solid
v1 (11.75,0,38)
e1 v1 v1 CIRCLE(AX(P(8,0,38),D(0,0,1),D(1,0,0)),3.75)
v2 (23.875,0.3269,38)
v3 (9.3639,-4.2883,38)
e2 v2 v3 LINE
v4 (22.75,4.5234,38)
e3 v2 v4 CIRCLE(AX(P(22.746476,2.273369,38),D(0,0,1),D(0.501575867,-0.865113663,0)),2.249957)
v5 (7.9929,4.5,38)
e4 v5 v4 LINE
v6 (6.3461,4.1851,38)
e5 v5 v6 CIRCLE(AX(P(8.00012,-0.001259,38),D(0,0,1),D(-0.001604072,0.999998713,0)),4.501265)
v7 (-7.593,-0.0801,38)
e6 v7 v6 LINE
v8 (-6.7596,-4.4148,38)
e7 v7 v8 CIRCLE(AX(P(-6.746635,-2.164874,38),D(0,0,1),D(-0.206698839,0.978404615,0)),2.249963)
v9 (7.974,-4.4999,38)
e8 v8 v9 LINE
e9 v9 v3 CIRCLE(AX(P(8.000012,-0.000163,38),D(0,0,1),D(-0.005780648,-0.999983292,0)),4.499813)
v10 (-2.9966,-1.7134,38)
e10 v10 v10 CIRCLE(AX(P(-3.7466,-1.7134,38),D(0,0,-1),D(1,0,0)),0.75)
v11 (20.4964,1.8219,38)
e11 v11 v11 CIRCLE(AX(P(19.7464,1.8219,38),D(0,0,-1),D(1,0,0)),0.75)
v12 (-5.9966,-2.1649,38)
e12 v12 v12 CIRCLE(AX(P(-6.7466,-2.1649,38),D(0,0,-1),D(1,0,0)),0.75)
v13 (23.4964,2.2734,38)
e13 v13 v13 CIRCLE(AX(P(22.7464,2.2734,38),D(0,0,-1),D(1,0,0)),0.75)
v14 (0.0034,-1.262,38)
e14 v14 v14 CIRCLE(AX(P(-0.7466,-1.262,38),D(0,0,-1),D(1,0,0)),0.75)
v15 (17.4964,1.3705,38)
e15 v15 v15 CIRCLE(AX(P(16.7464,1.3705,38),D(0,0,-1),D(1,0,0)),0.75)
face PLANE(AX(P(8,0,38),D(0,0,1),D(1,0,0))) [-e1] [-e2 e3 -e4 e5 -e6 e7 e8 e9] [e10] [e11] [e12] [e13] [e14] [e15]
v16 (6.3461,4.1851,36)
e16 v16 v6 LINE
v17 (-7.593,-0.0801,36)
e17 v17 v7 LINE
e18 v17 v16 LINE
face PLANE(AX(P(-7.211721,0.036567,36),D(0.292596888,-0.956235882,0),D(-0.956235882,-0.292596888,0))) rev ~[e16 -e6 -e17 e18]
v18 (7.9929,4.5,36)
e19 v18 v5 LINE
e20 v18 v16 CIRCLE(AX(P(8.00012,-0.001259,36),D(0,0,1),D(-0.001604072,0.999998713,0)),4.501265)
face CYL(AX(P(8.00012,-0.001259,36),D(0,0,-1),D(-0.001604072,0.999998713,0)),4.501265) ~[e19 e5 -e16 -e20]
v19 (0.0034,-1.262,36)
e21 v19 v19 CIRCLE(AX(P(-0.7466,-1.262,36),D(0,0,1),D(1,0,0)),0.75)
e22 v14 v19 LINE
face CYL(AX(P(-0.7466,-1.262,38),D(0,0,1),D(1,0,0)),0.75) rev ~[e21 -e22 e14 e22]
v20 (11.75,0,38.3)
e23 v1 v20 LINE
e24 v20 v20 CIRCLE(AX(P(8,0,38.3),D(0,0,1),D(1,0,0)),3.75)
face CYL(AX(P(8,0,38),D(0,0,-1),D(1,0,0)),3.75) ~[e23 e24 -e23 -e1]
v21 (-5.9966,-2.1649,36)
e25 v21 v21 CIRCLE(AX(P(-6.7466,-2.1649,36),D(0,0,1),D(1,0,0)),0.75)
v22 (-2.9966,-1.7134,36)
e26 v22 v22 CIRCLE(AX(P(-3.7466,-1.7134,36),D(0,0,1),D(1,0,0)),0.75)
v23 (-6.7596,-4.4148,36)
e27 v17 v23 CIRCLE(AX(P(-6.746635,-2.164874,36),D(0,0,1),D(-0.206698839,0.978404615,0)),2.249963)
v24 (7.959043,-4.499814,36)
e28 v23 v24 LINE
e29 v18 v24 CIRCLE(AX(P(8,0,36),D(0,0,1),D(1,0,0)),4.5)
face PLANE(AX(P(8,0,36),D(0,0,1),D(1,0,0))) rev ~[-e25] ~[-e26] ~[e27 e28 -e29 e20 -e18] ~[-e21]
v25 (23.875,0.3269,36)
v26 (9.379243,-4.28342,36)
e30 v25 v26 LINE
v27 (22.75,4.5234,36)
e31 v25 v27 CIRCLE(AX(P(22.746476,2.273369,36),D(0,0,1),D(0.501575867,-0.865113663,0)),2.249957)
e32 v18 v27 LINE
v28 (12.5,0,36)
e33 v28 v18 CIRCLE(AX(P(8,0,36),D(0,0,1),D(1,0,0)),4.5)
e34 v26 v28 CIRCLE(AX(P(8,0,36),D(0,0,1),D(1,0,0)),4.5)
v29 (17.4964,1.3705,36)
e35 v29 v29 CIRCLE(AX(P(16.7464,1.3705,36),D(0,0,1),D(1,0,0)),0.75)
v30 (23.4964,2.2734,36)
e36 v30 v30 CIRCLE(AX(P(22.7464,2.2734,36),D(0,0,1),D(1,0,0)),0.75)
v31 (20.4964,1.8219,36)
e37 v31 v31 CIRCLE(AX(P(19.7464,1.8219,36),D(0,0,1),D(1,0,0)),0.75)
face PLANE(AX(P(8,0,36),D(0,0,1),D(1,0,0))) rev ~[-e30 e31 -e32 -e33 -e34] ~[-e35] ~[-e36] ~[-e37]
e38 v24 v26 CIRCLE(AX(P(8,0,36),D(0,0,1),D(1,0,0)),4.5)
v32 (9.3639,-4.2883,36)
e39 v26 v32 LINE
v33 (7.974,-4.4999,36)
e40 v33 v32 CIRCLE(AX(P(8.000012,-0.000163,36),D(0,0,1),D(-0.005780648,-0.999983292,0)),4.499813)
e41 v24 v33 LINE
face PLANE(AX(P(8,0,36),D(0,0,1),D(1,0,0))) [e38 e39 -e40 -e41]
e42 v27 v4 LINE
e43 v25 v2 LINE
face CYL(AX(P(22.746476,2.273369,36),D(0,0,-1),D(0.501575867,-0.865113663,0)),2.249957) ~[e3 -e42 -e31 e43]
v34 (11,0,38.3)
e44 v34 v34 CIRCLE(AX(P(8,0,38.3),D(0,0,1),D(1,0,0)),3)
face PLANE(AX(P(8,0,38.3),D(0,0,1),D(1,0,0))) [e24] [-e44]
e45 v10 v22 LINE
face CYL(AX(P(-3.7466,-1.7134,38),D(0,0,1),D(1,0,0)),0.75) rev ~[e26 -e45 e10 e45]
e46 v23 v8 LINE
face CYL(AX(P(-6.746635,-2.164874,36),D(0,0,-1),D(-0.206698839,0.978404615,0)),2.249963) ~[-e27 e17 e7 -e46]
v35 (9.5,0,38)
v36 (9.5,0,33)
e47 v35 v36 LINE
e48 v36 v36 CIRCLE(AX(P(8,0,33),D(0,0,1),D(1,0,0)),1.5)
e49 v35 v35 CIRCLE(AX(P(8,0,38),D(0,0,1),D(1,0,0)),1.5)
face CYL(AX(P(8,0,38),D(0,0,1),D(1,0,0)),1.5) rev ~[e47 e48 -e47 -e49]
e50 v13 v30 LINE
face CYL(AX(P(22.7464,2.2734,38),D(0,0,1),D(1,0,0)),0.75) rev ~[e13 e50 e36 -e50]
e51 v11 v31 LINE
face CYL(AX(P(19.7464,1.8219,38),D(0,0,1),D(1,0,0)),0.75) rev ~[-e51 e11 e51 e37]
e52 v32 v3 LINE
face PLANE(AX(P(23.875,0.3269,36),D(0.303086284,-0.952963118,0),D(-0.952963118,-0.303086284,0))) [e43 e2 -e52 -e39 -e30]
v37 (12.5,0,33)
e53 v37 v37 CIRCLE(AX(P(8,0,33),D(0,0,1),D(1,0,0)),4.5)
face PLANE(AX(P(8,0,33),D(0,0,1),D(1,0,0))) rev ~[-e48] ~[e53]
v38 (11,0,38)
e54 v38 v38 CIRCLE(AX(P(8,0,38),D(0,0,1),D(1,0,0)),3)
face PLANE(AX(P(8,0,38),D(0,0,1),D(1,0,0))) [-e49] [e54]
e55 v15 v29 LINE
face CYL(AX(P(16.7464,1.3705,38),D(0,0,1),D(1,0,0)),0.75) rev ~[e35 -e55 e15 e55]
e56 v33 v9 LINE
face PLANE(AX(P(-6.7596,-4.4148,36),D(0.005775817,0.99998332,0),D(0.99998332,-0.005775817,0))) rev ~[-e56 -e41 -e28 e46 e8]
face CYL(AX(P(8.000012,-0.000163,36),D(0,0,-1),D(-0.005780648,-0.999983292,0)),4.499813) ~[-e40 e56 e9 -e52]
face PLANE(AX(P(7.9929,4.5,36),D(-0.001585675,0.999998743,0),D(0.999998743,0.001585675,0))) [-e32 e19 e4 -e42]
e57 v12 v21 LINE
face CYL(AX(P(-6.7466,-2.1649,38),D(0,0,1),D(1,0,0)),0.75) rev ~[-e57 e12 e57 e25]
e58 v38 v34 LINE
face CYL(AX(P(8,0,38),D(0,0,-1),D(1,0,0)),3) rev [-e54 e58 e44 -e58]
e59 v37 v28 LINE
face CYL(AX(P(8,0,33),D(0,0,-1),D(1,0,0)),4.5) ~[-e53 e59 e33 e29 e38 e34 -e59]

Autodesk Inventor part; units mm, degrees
ref_plane "Arbeitsebene7" through (0, 0, 30) normal (0, 0, 1) x (1, 0, 0)
ref_plane "Arbeitsebene1" through (8, 0, 33) normal (0, 0, 1) x (1, 0, 0)
sketch "Skizze3" plane through (8, 0, 33) normal (0, 0, 1) x (1, 0, 0)
  circle A0 centre (0, 0) radius 6.25 projected
  circle A1 centre (0, 0) radius 4.5
  point P0 (-8, 0)
  dimension "d10" = 9
extrude "Extrusion3" add sketch "Skizze3" along normal blind 3 contours A1
sketch "Skizze4" plane through (8, 0, 36) normal (0, 0, 1) x (1, 0, 0)
  arc A0 (-15.2117, 0.0365) -> (-14.7596, -4.4148) centre (-14.7466, -2.1649) ccw
  line L0 (-0.0071, 4.5) -> (14.75, 4.5234)
  line L1 (-1.6539, 4.1851) -> (-15.593, -0.0801)
  line L2 (-14.7596, -4.4148) -> (-0.026, -4.4999)
  line L3 (15.875, 0.3269) -> (1.3639, -4.2883)
  arc A1 (-0.026, -4.4999) -> (1.3639, -4.2883) centre (0, 0) ccw
  arc A2 (-0.0071, 4.5) -> (-1.6539, 4.1851) centre (0, 0) ccw
  arc A3 (15.875, 0.3269) -> (14.7356, 4.5233) centre (14.7464, 2.2734) ccw
  point P0 (-8, 0)
extrude "Extrusion4" add sketch "Skizze4" along normal blind 2 contours L1 A2 L0 A3 L3 A1 L2 A0
ref_plane "Arbeitsebene3" through (8, 0, 38) normal (0, 0, 1) x (1, 0, 0)
sketch "Skizze5" plane through (8, 0, 38) normal (0, 0, 1) x (1, 0, 0)
  arc A0 (15.875, 0.3269) -> (14.75, 4.5234) centre (14.7464, 2.2734) ccw projected
  arc A1 (-15.593, -0.0801) -> (-14.7596, -4.4148) centre (-14.7466, -2.1649) ccw projected
  line L0 (-14.7466, -2.1649) -> (14.7464, 2.2734)
  circle A2 centre (14.7464, 2.2734) radius 0.75
  circle A3 centre (-14.7466, -2.1649) radius 0.75
  circle A4 centre (-11.7466, -1.7134) radius 0.75
  circle A5 centre (-8.7466, -1.262) radius 0.75
  circle A6 centre (11.7464, 1.8219) radius 0.75
  circle A7 centre (8.7464, 1.3705) radius 0.75
  point P0 (-8, 0)
  dimension "d21" = 3
  dimension "d22" = 3
  dimension "d23" = 3
  dimension "d24" = 3
  dimension "d25" = 1.5
  dimension "d26" = 1.5
  dimension "d27" = 1.5
  dimension "d28" = 1.5
  dimension "d29" = 1.5
  dimension "d30" = 1.5
extrude "Extrusion5" cut sketch "Skizze5" against normal blind 2
ref_plane "Arbeitsebene11" through (0, 0, 31) normal (0, 0, 1) x (1, 0, 0)
ref_plane "Arbeitsebene2" through (8, 0, 38) normal (0, 0, 1) x (1, 0, 0)
sketch "Skizze12" plane through (8, 0, 38) normal (0, 0, 1) x (1, 0, 0)
  arc A0 (-0.026, -4.4999) -> (1.3639, -4.2883) centre (0, 0) ccw projected
  circle A1 centre (0, 0) radius 3
  circle A2 centre (0, 0) radius 3.75
  point P0 (-8, 0)
  dimension "d80" = 7.5
  dimension "d81" = 6
extrude "Extrusion12" add sketch "Skizze12" along normal blind 0.3
ref_plane "Arbeitsebene13" through (8, 0, 38) normal (0, 0, 1) x (1, 0, 0)
sketch "Skizze13" plane through (8, 0, 38) normal (0, 0, 1) x (1, 0, 0)
  circle A0 centre (0, 0) radius 3 projected
  circle A1 centre (0, 0) radius 1.5
  point P0 (-8, 0)
  dimension "d84" = 3
extrude "Extrusion13" cut sketch "Skizze13" against normal blind 8 contours A1
properties part number "Ruderhorn"
